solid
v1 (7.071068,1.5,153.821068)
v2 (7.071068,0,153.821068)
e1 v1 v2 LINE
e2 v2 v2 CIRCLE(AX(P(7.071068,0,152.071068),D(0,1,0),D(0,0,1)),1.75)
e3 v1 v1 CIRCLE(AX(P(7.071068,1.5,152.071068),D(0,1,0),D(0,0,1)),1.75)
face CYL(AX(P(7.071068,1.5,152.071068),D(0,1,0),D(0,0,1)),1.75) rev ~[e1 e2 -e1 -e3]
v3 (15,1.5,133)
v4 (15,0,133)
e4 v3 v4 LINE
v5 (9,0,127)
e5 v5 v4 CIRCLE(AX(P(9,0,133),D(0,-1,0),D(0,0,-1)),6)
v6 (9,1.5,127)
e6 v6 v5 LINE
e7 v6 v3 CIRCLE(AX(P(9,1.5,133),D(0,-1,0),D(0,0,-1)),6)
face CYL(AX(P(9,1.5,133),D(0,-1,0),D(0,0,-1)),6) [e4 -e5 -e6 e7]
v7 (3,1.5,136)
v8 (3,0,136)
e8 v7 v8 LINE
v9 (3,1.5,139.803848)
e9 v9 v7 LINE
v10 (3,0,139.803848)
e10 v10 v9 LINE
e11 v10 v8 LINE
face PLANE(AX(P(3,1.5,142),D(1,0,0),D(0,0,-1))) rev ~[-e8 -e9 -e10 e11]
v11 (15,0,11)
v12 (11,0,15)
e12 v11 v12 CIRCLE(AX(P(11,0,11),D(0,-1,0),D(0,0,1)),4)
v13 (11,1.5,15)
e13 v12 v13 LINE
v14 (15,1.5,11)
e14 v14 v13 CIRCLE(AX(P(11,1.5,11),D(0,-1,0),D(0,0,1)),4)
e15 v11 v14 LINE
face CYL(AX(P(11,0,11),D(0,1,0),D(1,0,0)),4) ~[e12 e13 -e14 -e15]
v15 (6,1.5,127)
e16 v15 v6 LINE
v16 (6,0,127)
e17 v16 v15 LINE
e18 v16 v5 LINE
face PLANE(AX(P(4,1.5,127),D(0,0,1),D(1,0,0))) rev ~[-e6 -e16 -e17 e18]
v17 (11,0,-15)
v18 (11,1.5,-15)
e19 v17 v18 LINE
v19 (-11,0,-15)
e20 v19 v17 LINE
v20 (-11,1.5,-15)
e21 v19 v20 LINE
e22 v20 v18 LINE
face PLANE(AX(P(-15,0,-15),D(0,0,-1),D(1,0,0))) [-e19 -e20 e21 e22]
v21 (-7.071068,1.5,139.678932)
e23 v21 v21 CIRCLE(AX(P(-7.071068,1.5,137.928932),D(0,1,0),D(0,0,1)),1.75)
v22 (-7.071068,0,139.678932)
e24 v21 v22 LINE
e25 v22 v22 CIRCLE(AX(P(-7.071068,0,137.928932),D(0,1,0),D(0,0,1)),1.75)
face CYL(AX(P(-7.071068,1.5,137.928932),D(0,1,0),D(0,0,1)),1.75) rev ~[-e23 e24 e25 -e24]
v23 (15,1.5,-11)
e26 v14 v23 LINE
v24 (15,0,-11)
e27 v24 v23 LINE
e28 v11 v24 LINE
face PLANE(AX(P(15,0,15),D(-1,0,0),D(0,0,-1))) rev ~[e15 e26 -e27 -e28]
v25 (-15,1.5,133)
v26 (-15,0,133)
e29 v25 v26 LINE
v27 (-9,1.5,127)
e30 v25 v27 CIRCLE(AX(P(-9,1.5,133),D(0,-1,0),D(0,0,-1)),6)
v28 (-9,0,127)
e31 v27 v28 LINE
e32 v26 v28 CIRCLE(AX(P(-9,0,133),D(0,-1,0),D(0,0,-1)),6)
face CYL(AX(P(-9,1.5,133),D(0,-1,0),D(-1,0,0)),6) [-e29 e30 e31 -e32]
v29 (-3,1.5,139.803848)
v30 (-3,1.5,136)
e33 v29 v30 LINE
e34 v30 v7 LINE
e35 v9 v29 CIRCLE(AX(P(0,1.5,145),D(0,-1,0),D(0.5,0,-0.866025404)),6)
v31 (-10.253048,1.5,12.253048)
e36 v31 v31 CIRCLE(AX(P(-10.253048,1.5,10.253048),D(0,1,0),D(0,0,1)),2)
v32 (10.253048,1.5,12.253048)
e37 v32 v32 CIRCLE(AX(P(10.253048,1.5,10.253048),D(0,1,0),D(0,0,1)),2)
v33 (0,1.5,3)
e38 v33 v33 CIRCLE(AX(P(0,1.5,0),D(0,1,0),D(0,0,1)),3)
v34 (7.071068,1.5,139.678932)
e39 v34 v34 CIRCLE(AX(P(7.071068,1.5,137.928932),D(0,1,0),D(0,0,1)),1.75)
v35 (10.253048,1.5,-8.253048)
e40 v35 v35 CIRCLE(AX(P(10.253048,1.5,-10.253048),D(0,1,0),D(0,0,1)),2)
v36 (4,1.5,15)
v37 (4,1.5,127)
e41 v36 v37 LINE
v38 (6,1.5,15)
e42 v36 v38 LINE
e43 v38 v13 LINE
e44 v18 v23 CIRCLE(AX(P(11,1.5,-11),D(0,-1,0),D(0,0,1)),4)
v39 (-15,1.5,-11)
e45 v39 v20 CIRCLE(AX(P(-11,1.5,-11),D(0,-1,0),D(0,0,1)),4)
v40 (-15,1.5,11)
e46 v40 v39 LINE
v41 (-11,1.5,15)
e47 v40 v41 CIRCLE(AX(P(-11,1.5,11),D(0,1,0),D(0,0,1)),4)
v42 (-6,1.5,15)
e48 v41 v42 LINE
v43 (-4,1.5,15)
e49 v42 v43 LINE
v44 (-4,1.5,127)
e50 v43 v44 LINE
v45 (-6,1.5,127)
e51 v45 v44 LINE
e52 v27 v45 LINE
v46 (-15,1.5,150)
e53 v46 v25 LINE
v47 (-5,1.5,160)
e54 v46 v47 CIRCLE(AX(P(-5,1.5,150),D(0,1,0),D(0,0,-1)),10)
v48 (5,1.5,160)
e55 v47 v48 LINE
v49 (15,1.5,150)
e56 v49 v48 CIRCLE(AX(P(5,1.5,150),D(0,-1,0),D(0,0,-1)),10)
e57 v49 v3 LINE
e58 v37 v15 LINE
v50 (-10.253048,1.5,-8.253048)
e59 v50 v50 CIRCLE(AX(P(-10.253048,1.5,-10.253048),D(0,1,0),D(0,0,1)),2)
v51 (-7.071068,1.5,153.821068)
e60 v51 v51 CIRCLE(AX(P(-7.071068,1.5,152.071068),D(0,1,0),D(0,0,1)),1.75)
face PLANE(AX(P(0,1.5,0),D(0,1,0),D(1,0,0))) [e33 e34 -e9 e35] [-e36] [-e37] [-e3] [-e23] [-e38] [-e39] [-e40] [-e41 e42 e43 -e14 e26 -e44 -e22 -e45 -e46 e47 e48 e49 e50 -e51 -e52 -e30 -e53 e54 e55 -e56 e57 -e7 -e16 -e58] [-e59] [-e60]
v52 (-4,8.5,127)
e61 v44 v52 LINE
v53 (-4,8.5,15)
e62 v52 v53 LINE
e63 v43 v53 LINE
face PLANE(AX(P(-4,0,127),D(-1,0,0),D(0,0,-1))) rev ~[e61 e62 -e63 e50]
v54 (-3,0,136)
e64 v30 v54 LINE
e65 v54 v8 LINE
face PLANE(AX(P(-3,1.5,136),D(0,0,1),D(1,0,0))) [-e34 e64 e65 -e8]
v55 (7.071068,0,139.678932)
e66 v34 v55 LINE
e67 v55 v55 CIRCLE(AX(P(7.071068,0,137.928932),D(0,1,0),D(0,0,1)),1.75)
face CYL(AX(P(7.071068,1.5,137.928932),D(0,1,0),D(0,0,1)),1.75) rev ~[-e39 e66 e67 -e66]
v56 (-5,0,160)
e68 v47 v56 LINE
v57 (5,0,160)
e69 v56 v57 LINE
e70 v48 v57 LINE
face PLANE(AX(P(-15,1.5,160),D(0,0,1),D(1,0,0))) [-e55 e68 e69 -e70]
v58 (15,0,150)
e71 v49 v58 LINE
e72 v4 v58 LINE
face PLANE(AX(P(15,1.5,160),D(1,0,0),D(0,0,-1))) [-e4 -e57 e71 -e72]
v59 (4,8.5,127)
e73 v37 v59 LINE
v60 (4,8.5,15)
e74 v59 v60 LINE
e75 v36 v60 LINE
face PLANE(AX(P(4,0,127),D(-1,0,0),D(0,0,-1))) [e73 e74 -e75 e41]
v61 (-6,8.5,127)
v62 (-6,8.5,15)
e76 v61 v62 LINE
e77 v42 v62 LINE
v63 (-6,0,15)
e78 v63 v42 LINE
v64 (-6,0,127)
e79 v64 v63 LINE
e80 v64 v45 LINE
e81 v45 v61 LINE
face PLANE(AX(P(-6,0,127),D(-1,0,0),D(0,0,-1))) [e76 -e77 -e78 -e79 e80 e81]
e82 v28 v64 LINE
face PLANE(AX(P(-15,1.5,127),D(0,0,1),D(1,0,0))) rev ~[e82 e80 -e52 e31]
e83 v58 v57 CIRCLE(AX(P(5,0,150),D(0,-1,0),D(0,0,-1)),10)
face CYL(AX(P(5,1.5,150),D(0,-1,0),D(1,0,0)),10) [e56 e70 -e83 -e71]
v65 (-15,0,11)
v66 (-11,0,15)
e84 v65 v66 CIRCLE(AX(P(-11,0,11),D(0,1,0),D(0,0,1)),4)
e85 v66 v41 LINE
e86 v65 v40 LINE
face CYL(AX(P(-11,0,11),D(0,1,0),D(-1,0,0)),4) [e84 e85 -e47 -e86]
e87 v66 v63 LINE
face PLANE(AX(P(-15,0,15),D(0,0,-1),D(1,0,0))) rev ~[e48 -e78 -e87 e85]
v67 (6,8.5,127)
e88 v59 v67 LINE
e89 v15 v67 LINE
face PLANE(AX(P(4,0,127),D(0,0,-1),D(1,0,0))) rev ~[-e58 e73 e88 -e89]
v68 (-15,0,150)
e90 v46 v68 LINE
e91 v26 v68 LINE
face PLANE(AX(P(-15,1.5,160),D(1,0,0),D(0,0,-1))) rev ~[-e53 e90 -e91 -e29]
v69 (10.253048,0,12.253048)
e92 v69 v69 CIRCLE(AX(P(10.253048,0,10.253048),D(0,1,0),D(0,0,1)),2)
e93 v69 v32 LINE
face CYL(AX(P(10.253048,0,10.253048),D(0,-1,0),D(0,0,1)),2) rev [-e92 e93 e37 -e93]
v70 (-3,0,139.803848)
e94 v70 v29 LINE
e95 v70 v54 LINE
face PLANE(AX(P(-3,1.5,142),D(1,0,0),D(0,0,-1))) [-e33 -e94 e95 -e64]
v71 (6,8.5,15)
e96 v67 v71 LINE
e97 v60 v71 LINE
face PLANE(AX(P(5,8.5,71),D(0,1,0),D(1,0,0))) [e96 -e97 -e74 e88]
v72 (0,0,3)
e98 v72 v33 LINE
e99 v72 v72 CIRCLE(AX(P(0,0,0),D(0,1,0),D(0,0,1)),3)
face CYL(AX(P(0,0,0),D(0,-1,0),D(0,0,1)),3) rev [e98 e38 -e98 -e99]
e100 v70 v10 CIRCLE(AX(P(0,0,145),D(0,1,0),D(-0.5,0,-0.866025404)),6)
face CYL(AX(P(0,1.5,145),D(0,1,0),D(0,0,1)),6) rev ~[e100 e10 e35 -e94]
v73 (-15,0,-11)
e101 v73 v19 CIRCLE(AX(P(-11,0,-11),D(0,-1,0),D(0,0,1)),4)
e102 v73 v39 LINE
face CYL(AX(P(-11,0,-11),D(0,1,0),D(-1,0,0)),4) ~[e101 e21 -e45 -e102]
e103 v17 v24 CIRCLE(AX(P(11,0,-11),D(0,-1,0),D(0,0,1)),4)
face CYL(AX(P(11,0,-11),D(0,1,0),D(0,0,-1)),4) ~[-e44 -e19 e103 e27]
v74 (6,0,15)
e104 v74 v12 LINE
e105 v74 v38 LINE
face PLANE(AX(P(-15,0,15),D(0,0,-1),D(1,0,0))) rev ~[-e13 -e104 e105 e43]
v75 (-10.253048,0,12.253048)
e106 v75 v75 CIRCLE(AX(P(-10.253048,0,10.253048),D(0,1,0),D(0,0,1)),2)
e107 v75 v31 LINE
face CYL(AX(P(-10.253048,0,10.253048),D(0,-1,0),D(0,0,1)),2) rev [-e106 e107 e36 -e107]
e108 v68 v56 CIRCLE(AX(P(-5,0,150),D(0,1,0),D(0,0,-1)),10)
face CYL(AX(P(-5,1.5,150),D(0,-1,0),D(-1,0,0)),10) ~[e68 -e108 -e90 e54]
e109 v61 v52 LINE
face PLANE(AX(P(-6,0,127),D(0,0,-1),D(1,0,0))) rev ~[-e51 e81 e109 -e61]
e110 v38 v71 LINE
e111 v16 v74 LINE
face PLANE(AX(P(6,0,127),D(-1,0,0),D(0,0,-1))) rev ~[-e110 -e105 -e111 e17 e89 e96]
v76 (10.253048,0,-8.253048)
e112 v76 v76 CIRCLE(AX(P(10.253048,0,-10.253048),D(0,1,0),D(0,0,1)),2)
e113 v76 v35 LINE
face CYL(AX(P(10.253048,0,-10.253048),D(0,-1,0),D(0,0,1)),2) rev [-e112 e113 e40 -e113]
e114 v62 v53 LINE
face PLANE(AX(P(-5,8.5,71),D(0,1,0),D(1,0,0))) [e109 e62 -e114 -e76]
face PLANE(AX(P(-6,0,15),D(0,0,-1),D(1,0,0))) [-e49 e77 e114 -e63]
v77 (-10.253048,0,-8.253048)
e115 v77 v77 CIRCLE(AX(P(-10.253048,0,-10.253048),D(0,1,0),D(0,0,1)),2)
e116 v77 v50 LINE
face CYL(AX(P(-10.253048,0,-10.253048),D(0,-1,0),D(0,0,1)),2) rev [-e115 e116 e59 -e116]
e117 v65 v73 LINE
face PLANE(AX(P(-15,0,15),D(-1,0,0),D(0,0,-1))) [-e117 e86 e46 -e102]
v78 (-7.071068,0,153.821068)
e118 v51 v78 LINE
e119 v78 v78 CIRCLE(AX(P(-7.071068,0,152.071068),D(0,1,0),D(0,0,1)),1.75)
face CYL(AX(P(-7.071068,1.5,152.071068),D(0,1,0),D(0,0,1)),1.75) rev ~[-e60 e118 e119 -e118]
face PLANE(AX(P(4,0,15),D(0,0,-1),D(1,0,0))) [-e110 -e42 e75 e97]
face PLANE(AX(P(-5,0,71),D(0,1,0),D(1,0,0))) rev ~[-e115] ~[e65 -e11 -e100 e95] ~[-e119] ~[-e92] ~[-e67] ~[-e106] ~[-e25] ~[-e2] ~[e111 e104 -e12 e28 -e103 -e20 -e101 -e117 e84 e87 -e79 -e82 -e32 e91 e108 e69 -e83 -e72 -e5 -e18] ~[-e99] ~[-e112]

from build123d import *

# Parameters (mm, degrees)
SKETCH_2_W           = 30
SKETCH_2_H           = 31
SKETCH_2_R           = 3
EXTRUDE_1_DEPTH      = 1.5
SKETCH_4_W           = 30
SKETCH_4_H           = 137
SKETCH_4_R           = 1.75
SKETCH_4_R_2         = 6
EXTRUDE_2_DEPTH      = 1.5
SKETCH_5_W           = 6
SKETCH_5_H           = 6
CUT_EXTRUDE_1_DEPTH  = 161.708587201
FILLET_7_R           = 10
CUT_EXTRUDE_2_DEPTH  = 161.708587201
FILLET_10_R          = 6
EXTRUDE_START        = -1.5
SKETCH_7_W           = 30
SKETCH_7_H           = 30
SKETCH_7_R           = 3
SKETCH_7_R_2         = 2
EXTRUDE_3_DEPTH      = 1.5
FILLET_12_R          = 4
EXTRUDE_4_DEPTH      = 7
EXTRUDE_4_DEPTH_BACK = 1.5
SKETCH_8_W           = 2
SKETCH_8_H           = 112


with BuildPart() as part:
    # 草图2 → 凸台-拉伸1 (new body)
    with BuildSketch(Plane(origin=(0, 0, 0), x_dir=(1, 0, 0), z_dir=(0, 1, 0))):
        with Locations((0, -7.5)):
            Rectangle(SKETCH_2_W, SKETCH_2_H)
        with Locations(Location((0, 0, 0), (0, 0, 270))):
            Circle(SKETCH_2_R, mode=Mode.SUBTRACT)
    extrude(amount=EXTRUDE_1_DEPTH)

    # 草图4 → 凸台-拉伸2 (add)
    with BuildSketch(Plane(origin=(0, 1.5, 0), x_dir=(1, 0, 0), z_dir=(0, 1, 0))):
        with Locations((0, -91.5)):
            Rectangle(SKETCH_4_W, SKETCH_4_H)
        with Locations(Location((7.071067812, -137.928932188, 0), (0, 0, 270))):
            Circle(SKETCH_4_R, mode=Mode.SUBTRACT)
        with Locations(Location((-7.071067812, -152.071067812, 0), (0, 0, 270))):
            Circle(SKETCH_4_R, mode=Mode.SUBTRACT)
        with Locations(Location((-7.071067812, -137.928932188, 0), (0, 0, 270))):
            Circle(SKETCH_4_R, mode=Mode.SUBTRACT)
        with Locations(Location((7.071067812, -152.071067812, 0), (0, 0, 270))):
            Circle(SKETCH_4_R, mode=Mode.SUBTRACT)
        with Locations(Location((0, -145, 0), (0, 0, 270))):
            Circle(SKETCH_4_R_2, mode=Mode.SUBTRACT)
    extrude(amount=-EXTRUDE_2_DEPTH)

    # 草图5 → 切除-拉伸1 (cut, through all)
    with BuildSketch(Plane(origin=(0, 1.5, 0), x_dir=(1, 0, 0), z_dir=(0, 1, 0))):
        with Locations((0, -139)):
            Rectangle(SKETCH_5_W, SKETCH_5_H)
    extrude(amount=-CUT_EXTRUDE_1_DEPTH, mode=Mode.SUBTRACT)

    # 圆角7
    fillet_7_edges = [part.edges().sort_by_distance(p)[0] for p in [
        (-15, 0.75, 160),
        (15, 0.75, 160),
    ]]
    fillet(fillet_7_edges, radius=FILLET_7_R)

    # 草图6 → 切除-拉伸2 (cut, through all)
    with BuildSketch(Plane(origin=(0, 1.5, 0), x_dir=(1, 0, 0), z_dir=(0, 1, 0))):
        Polygon((-8, 8), (-8, -8), (-4, -8), (-4, -127), (-8, -127), (-15, -127), (-15, 8), align=None)
        Polygon((15, 8), (8, 8), (8, -8), (4, -8), (4, -127), (8, -127), (15, -127), align=None)
    extrude(amount=-CUT_EXTRUDE_2_DEPTH, mode=Mode.SUBTRACT)

    # 圆角10
    fillet_10_edges = [part.edges().sort_by_distance(p)[0] for p in [
        (-15, 0.75, 127),
        (15, 0.75, 127),
    ]]
    fillet(fillet_10_edges, radius=FILLET_10_R)

    # 草图7 → 凸台-拉伸3 (add)
    with BuildSketch(Plane(origin=(0, 1.5, 0), x_dir=(1, 0, 0), z_dir=(0, 1, 0)).offset(EXTRUDE_START)):
        Rectangle(SKETCH_7_W, SKETCH_7_H)
        with Locations(Location((0, 0, 0), (0, 0, 270))):
            Circle(SKETCH_7_R, mode=Mode.SUBTRACT)
        with Locations(Location((-10.253048327, 10.253048327, 0), (0, 0, 270))):
            Circle(SKETCH_7_R_2, mode=Mode.SUBTRACT)
        with Locations(Location((10.253048327, 10.253048327, 0), (0, 0, 270))):
            Circle(SKETCH_7_R_2, mode=Mode.SUBTRACT)
        with Locations(Location((-10.253048327, -10.253048327, 0), (0, 0, 270))):
            Circle(SKETCH_7_R_2, mode=Mode.SUBTRACT)
        with Locations(Location((10.253048327, -10.253048327, 0), (0, 0, 270))):
            Circle(SKETCH_7_R_2, mode=Mode.SUBTRACT)
    extrude(amount=EXTRUDE_3_DEPTH)

    # 圆角12
    fillet_12_edges = [part.edges().sort_by_distance(p)[0] for p in [
        (15, 0.75, 15),
        (15, 0.75, -15),
        (-15, 0.75, 15),
        (-15, 0.75, -15),
    ]]
    fillet(fillet_12_edges, radius=FILLET_12_R)

    # 草图8 → 凸台-拉伸4 (add, two sides: drawn at the far end of the back side and taken through both)
    with BuildSketch(Plane(origin=(0, 1.5, 0), x_dir=(1, 0, 0), z_dir=(0, 1, 0)).offset(-EXTRUDE_4_DEPTH_BACK)):
        with Locations((-5, -71)):
            Rectangle(SKETCH_8_W, SKETCH_8_H)
        with Locations((5, -71)):
            Rectangle(SKETCH_8_W, SKETCH_8_H)
    extrude(amount=EXTRUDE_4_DEPTH + EXTRUDE_4_DEPTH_BACK)


solid = part.part
